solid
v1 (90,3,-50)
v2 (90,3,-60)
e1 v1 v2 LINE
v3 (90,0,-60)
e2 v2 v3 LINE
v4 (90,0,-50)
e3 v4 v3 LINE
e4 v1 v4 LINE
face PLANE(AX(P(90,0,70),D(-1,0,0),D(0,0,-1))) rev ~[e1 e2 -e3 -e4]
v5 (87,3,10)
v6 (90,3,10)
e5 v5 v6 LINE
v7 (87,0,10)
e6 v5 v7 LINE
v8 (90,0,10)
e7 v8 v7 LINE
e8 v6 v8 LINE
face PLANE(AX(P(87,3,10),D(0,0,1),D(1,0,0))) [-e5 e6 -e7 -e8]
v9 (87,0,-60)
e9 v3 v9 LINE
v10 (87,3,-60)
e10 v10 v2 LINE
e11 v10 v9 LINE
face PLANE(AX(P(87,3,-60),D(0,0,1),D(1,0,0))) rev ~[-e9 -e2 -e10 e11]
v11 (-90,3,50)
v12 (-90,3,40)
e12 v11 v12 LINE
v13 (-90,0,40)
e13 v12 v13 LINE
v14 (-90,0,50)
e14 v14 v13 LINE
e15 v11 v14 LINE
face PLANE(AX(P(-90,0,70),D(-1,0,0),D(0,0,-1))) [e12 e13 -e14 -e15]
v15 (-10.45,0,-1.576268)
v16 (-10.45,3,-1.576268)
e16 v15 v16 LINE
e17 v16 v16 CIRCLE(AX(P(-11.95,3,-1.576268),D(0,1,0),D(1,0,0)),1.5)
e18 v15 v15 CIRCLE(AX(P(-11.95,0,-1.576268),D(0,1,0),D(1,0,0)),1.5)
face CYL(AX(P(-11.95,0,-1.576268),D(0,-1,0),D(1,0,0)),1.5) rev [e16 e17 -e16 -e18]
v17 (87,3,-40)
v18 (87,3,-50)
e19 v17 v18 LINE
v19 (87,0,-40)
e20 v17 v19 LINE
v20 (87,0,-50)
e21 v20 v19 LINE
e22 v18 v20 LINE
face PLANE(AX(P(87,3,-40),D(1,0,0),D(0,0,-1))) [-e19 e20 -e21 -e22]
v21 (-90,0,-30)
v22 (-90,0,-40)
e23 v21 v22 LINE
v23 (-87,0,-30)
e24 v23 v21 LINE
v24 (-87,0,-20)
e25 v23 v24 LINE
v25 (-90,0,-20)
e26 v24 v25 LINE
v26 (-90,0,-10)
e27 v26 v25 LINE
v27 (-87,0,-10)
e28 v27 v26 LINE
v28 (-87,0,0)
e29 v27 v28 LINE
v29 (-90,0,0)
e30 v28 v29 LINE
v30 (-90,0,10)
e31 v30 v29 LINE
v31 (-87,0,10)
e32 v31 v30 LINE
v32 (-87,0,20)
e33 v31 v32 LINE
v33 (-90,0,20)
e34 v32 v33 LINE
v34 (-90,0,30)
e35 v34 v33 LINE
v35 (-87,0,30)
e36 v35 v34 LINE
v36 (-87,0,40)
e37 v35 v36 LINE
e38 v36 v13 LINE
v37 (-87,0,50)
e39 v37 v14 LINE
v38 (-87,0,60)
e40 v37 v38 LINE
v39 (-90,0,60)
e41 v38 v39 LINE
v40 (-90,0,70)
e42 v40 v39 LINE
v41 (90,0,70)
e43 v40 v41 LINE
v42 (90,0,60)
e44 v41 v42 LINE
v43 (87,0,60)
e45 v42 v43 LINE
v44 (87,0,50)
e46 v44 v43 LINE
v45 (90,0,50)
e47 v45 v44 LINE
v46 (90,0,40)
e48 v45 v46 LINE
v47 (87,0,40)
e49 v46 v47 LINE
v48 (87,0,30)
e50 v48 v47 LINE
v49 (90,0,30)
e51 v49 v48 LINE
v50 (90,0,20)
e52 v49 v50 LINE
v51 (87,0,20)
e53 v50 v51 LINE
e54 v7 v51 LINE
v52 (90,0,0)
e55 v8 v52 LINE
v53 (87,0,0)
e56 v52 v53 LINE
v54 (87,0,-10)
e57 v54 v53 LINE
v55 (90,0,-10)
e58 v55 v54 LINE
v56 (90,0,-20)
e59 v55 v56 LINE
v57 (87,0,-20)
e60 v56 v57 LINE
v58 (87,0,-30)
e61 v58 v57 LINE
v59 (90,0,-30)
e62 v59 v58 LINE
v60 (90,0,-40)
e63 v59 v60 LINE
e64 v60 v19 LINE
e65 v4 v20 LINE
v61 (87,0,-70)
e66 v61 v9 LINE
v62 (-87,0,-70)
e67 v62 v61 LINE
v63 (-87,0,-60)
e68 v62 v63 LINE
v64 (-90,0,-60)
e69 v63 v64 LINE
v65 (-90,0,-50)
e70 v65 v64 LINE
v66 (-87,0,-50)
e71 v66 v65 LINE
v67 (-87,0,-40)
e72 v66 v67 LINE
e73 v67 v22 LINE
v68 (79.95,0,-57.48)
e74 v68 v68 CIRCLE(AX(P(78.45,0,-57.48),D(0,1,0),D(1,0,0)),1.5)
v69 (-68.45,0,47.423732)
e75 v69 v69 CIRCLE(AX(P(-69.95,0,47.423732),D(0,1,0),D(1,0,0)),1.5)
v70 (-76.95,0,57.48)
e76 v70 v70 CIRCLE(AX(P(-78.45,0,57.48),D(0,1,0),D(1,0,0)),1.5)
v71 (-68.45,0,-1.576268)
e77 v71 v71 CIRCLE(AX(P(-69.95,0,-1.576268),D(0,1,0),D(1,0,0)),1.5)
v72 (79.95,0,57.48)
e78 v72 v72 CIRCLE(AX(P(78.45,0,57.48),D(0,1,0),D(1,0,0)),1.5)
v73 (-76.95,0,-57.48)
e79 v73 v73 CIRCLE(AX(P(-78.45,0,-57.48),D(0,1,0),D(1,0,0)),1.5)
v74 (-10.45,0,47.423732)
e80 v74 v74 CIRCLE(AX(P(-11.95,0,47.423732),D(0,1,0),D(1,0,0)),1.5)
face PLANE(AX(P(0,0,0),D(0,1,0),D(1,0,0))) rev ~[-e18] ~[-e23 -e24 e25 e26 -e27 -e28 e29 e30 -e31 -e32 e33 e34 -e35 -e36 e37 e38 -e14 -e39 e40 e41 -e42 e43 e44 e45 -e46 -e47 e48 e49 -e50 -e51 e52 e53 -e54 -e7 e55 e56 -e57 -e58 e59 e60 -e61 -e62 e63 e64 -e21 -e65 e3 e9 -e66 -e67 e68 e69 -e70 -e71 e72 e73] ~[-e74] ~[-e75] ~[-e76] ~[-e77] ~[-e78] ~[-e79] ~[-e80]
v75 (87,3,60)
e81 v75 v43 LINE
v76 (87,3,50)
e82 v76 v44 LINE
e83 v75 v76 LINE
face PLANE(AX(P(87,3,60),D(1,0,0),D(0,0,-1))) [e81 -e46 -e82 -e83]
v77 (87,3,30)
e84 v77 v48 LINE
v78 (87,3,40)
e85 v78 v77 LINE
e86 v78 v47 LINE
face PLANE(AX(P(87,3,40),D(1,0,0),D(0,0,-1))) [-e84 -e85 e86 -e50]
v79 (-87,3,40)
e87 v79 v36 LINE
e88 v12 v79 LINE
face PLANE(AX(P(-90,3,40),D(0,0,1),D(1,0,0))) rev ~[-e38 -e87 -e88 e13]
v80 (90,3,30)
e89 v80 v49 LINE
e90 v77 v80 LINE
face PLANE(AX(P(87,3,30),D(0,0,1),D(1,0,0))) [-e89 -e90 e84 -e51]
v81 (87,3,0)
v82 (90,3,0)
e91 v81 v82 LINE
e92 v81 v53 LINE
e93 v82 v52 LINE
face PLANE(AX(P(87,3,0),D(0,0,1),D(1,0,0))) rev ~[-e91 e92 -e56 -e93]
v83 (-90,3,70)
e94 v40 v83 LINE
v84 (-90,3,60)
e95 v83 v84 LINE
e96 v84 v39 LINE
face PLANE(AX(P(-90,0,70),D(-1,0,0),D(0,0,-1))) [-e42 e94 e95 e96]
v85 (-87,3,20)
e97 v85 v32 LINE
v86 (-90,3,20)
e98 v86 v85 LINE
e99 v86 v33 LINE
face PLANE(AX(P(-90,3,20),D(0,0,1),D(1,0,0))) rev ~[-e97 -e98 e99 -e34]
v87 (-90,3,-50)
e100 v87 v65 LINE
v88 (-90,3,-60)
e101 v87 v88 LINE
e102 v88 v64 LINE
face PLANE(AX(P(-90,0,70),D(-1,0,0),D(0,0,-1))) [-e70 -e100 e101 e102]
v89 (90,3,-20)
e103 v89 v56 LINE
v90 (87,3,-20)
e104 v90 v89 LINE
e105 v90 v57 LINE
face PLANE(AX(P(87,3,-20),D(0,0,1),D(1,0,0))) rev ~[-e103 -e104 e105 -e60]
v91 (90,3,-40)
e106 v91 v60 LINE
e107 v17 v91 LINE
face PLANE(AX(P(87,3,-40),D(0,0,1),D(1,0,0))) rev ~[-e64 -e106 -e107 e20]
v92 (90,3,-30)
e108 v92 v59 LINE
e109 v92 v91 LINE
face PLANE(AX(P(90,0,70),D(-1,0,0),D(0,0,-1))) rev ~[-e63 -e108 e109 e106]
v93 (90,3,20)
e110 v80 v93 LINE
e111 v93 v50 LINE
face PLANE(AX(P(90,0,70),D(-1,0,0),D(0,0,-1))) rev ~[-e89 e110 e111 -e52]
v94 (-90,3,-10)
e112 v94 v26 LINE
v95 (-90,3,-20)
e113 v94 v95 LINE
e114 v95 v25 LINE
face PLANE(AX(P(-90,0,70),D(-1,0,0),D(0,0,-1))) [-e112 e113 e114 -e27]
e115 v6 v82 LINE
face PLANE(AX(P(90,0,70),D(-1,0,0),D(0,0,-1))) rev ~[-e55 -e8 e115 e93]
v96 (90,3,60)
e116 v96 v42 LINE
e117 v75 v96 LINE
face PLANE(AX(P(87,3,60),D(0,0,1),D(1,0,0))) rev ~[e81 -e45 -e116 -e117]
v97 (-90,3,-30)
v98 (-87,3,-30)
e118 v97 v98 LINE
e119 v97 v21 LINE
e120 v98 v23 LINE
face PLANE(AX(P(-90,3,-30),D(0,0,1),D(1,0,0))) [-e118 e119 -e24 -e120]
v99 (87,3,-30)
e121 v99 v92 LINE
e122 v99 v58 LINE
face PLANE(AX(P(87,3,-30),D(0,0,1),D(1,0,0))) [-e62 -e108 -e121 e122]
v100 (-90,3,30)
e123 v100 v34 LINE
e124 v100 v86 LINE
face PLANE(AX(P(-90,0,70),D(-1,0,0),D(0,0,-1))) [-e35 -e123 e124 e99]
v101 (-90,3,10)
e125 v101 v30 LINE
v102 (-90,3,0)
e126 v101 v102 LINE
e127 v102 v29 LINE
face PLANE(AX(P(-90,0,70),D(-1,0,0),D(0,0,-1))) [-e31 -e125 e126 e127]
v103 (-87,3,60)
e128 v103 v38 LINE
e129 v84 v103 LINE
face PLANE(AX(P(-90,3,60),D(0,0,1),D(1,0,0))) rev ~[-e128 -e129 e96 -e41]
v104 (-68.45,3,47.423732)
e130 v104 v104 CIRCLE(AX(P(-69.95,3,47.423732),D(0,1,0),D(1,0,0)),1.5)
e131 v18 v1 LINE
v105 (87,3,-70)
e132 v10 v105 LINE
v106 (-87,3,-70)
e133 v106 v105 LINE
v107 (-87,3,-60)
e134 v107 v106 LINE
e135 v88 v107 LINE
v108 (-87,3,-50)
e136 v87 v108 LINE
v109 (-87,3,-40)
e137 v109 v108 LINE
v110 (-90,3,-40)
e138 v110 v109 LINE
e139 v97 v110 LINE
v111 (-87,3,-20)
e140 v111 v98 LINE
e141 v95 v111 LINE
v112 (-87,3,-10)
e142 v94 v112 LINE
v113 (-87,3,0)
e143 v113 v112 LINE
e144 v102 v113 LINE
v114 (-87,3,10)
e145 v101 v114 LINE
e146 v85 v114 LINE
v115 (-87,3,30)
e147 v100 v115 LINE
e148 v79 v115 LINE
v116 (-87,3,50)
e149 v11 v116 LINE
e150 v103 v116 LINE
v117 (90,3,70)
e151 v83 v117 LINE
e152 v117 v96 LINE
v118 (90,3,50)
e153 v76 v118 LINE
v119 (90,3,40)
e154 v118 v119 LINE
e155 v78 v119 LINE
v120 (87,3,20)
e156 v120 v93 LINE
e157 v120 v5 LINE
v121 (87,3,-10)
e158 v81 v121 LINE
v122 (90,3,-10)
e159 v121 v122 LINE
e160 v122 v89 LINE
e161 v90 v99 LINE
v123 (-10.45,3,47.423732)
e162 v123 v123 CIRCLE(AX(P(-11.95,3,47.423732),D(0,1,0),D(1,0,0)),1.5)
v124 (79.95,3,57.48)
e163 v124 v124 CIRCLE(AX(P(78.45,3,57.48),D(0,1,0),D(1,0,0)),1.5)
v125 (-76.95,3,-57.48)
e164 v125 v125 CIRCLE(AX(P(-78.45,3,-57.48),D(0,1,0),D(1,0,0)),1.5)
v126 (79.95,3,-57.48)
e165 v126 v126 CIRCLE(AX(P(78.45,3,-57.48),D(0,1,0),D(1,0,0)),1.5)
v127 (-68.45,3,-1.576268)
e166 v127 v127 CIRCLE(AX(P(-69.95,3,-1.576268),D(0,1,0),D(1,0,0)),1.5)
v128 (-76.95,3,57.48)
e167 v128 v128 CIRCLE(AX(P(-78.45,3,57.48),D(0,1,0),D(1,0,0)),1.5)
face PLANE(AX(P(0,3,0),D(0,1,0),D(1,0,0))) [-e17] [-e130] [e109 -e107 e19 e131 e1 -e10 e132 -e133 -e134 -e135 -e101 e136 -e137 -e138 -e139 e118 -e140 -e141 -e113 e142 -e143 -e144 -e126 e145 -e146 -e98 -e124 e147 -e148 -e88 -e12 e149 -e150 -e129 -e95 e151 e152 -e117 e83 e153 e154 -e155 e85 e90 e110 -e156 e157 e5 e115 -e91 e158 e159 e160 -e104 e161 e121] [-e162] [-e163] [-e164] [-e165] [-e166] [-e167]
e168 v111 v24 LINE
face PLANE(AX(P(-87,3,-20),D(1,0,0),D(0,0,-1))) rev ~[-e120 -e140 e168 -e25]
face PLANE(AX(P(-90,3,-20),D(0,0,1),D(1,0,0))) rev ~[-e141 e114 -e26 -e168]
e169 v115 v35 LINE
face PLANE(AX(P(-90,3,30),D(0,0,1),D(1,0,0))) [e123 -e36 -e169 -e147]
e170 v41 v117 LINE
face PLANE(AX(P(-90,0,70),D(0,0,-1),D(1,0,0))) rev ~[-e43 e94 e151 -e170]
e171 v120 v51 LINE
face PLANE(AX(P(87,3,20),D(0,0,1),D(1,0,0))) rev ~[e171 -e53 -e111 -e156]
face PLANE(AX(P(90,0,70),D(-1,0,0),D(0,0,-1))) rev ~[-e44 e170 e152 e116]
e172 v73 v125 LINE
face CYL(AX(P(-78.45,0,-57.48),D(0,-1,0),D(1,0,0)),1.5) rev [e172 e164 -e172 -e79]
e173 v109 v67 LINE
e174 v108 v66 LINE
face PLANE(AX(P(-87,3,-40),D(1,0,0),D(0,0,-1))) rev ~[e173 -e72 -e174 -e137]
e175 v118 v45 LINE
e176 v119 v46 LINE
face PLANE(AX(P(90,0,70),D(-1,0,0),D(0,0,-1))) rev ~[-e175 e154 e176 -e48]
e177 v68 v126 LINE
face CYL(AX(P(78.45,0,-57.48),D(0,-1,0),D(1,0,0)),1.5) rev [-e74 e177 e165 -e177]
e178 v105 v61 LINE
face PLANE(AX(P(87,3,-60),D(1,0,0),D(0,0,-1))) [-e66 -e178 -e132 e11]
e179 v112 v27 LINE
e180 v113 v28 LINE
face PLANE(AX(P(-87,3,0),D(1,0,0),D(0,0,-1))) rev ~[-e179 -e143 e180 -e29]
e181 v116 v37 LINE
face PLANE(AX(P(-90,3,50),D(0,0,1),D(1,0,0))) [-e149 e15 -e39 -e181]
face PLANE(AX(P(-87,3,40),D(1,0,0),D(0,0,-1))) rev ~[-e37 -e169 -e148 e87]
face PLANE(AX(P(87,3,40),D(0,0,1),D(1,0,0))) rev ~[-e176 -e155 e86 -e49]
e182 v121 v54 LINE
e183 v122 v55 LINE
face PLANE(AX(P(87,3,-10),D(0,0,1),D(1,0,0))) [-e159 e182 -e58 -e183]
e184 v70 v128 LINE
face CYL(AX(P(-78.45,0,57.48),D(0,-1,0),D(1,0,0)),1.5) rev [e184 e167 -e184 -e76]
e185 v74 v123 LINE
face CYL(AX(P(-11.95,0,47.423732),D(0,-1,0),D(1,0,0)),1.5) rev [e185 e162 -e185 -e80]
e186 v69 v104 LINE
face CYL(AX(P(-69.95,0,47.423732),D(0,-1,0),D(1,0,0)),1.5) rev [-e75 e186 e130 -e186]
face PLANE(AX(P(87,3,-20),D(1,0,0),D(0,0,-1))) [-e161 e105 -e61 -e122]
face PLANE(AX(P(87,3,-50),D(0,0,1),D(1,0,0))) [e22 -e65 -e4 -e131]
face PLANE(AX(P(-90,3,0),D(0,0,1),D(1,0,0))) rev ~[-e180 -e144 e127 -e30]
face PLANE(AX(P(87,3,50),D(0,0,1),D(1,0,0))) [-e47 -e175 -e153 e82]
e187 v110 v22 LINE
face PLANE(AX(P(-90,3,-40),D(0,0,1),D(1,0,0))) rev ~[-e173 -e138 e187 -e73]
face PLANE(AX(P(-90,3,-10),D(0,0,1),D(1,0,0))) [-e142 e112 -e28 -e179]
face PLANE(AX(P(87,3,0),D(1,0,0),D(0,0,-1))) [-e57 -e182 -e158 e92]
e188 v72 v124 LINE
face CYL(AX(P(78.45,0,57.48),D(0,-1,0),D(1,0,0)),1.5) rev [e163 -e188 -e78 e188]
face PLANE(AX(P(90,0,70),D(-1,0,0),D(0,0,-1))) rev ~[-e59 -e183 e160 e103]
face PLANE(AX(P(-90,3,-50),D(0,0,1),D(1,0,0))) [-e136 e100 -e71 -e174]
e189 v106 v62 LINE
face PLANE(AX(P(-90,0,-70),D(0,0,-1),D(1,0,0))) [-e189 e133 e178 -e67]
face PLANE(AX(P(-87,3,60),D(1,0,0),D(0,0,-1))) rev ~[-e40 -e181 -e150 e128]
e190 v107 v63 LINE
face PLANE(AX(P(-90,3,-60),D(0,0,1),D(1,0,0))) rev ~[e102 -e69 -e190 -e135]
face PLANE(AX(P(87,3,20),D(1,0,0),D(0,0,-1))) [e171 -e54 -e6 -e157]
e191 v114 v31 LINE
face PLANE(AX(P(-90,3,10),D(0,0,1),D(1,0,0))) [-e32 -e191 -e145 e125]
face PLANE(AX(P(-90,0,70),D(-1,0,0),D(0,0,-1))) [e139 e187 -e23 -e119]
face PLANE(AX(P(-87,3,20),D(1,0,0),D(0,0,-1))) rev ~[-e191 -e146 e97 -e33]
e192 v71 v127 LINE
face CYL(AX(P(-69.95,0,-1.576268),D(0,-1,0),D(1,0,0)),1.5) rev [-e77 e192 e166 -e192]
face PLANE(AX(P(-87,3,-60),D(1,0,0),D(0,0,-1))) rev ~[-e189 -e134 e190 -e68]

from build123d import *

# Parameters (mm, degrees)
ESQUISSE1_W             = 180
ESQUISSE1_H             = 140
ESQUISSE1_R             = 1.5
BOSS_EXTRU_1_DEPTH      = 3
ENL_V_MAT_EXTRU_1_REACH = 5
ESQUISSE2_W             = 3
ESQUISSE2_H             = 10


with BuildPart() as part:
    # Esquisse1 → Boss.-Extru.1 (new body)
    with BuildSketch(Plane(origin=(0, 0, 0), x_dir=(1, 0, 0), z_dir=(0, 1, 0))):
        Rectangle(ESQUISSE1_W, ESQUISSE1_H)
        with Locations((-78.45, 57.48)):
            Circle(ESQUISSE1_R, mode=Mode.SUBTRACT)
        with Locations((78.45, 57.48)):
            Circle(ESQUISSE1_R, mode=Mode.SUBTRACT)
        with Locations((78.45, -57.48)):
            Circle(ESQUISSE1_R, mode=Mode.SUBTRACT)
        with Locations((-78.45, -57.48)):
            Circle(ESQUISSE1_R, mode=Mode.SUBTRACT)
        with Locations((-69.95, 1.57626837)):
            Circle(ESQUISSE1_R, mode=Mode.SUBTRACT)
        with Locations((-11.95, 1.57626837)):
            Circle(ESQUISSE1_R, mode=Mode.SUBTRACT)
        with Locations((-69.95, -47.42373163)):
            Circle(ESQUISSE1_R, mode=Mode.SUBTRACT)
        with Locations((-11.95, -47.42373163)):
            Circle(ESQUISSE1_R, mode=Mode.SUBTRACT)
    extrude(amount=BOSS_EXTRU_1_DEPTH)

    # Esquisse2 → Enlèv. mat.-Extru.1 (cut, up to next)
    with BuildSketch(Plane(origin=(0, 3, 0), x_dir=(1, 0, 0), z_dir=(0, 1, 0)), mode=Mode.PRIVATE) as enl_v_mat_extru_1_sk1:
        with Locations((-88.5, 45)):
            Rectangle(ESQUISSE2_W, ESQUISSE2_H)
    enl_v_mat_extru_1_tool1 = extrude(enl_v_mat_extru_1_sk1.sketch, amount=-ENL_V_MAT_EXTRU_1_REACH, mode=Mode.PRIVATE) & part.part
    add(enl_v_mat_extru_1_tool1.solids().sort_by_distance((-88.5, 3, -45))[0], mode=Mode.SUBTRACT)
    # Esquisse2 → Enlèv. mat.-Extru.1 (cut, up to next)
    with BuildSketch(Plane(origin=(0, 3, 0), x_dir=(1, 0, 0), z_dir=(0, 1, 0)), mode=Mode.PRIVATE) as enl_v_mat_extru_1_sk2:
        with Locations((-88.5, 65)):
            Rectangle(ESQUISSE2_W, ESQUISSE2_H)
    enl_v_mat_extru_1_tool2 = extrude(enl_v_mat_extru_1_sk2.sketch, amount=-ENL_V_MAT_EXTRU_1_REACH, mode=Mode.PRIVATE) & part.part
    add(enl_v_mat_extru_1_tool2.solids().sort_by_distance((-88.5, 3, -65))[0], mode=Mode.SUBTRACT)
    # Esquisse2 → Enlèv. mat.-Extru.1 (cut, up to next)
    with BuildSketch(Plane(origin=(0, 3, 0), x_dir=(1, 0, 0), z_dir=(0, 1, 0)), mode=Mode.PRIVATE) as enl_v_mat_extru_1_sk3:
        with Locations((-88.5, 25)):
            Rectangle(ESQUISSE2_W, ESQUISSE2_H)
    enl_v_mat_extru_1_tool3 = extrude(enl_v_mat_extru_1_sk3.sketch, amount=-ENL_V_MAT_EXTRU_1_REACH, mode=Mode.PRIVATE) & part.part
    add(enl_v_mat_extru_1_tool3.solids().sort_by_distance((-88.5, 3, -25))[0], mode=Mode.SUBTRACT)
    # Esquisse2 → Enlèv. mat.-Extru.1 (cut, up to next)
    with BuildSketch(Plane(origin=(0, 3, 0), x_dir=(1, 0, 0), z_dir=(0, 1, 0)), mode=Mode.PRIVATE) as enl_v_mat_extru_1_sk4:
        with Locations((-88.5, 5)):
            Rectangle(ESQUISSE2_W, ESQUISSE2_H)
    enl_v_mat_extru_1_tool4 = extrude(enl_v_mat_extru_1_sk4.sketch, amount=-ENL_V_MAT_EXTRU_1_REACH, mode=Mode.PRIVATE) & part.part
    add(enl_v_mat_extru_1_tool4.solids().sort_by_distance((-88.5, 3, -5))[0], mode=Mode.SUBTRACT)
    # Esquisse2 → Enlèv. mat.-Extru.1 (cut, up to next)
    with BuildSketch(Plane(origin=(0, 3, 0), x_dir=(1, 0, 0), z_dir=(0, 1, 0)), mode=Mode.PRIVATE) as enl_v_mat_extru_1_sk5:
        with Locations((-88.5, -15)):
            Rectangle(ESQUISSE2_W, ESQUISSE2_H)
    enl_v_mat_extru_1_tool5 = extrude(enl_v_mat_extru_1_sk5.sketch, amount=-ENL_V_MAT_EXTRU_1_REACH, mode=Mode.PRIVATE) & part.part
    add(enl_v_mat_extru_1_tool5.solids().sort_by_distance((-88.5, 3, 15))[0], mode=Mode.SUBTRACT)
    # Esquisse2 → Enlèv. mat.-Extru.1 (cut, up to next)
    with BuildSketch(Plane(origin=(0, 3, 0), x_dir=(1, 0, 0), z_dir=(0, 1, 0)), mode=Mode.PRIVATE) as enl_v_mat_extru_1_sk6:
        with Locations((-88.5, -35)):
            Rectangle(ESQUISSE2_W, ESQUISSE2_H)
    enl_v_mat_extru_1_tool6 = extrude(enl_v_mat_extru_1_sk6.sketch, amount=-ENL_V_MAT_EXTRU_1_REACH, mode=Mode.PRIVATE) & part.part
    add(enl_v_mat_extru_1_tool6.solids().sort_by_distance((-88.5, 3, 35))[0], mode=Mode.SUBTRACT)
    # Esquisse2 → Enlèv. mat.-Extru.1 (cut, up to next)
    with BuildSketch(Plane(origin=(0, 3, 0), x_dir=(1, 0, 0), z_dir=(0, 1, 0)), mode=Mode.PRIVATE) as enl_v_mat_extru_1_sk7:
        with Locations((-88.5, -55)):
            Rectangle(ESQUISSE2_W, ESQUISSE2_H)
    enl_v_mat_extru_1_tool7 = extrude(enl_v_mat_extru_1_sk7.sketch, amount=-ENL_V_MAT_EXTRU_1_REACH, mode=Mode.PRIVATE) & part.part
    add(enl_v_mat_extru_1_tool7.solids().sort_by_distance((-88.5, 3, 55))[0], mode=Mode.SUBTRACT)
    # Esquisse2 → Enlèv. mat.-Extru.1 (cut, up to next)
    with BuildSketch(Plane(origin=(0, 3, 0), x_dir=(1, 0, 0), z_dir=(0, 1, 0)), mode=Mode.PRIVATE) as enl_v_mat_extru_1_sk8:
        with Locations((88.5, -55)):
            Rectangle(ESQUISSE2_W, ESQUISSE2_H)
    enl_v_mat_extru_1_tool8 = extrude(enl_v_mat_extru_1_sk8.sketch, amount=-ENL_V_MAT_EXTRU_1_REACH, mode=Mode.PRIVATE) & part.part
    add(enl_v_mat_extru_1_tool8.solids().sort_by_distance((88.5, 3, 55))[0], mode=Mode.SUBTRACT)
    # Esquisse2 → Enlèv. mat.-Extru.1 (cut, up to next)
    with BuildSketch(Plane(origin=(0, 3, 0), x_dir=(1, 0, 0), z_dir=(0, 1, 0)), mode=Mode.PRIVATE) as enl_v_mat_extru_1_sk9:
        with Locations((88.5, -35)):
            Rectangle(ESQUISSE2_W, ESQUISSE2_H)
    enl_v_mat_extru_1_tool9 = extrude(enl_v_mat_extru_1_sk9.sketch, amount=-ENL_V_MAT_EXTRU_1_REACH, mode=Mode.PRIVATE) & part.part
    add(enl_v_mat_extru_1_tool9.solids().sort_by_distance((88.5, 3, 35))[0], mode=Mode.SUBTRACT)
    # Esquisse2 → Enlèv. mat.-Extru.1 (cut, up to next)
    with BuildSketch(Plane(origin=(0, 3, 0), x_dir=(1, 0, 0), z_dir=(0, 1, 0)), mode=Mode.PRIVATE) as enl_v_mat_extru_1_sk10:
        with Locations((88.5, -15)):
            Rectangle(ESQUISSE2_W, ESQUISSE2_H)
    enl_v_mat_extru_1_tool10 = extrude(enl_v_mat_extru_1_sk10.sketch, amount=-ENL_V_MAT_EXTRU_1_REACH, mode=Mode.PRIVATE) & part.part
    add(enl_v_mat_extru_1_tool10.solids().sort_by_distance((88.5, 3, 15))[0], mode=Mode.SUBTRACT)
    # Esquisse2 → Enlèv. mat.-Extru.1 (cut, up to next)
    with BuildSketch(Plane(origin=(0, 3, 0), x_dir=(1, 0, 0), z_dir=(0, 1, 0)), mode=Mode.PRIVATE) as enl_v_mat_extru_1_sk11:
        with Locations((88.5, 5)):
            Rectangle(ESQUISSE2_W, ESQUISSE2_H)
    enl_v_mat_extru_1_tool11 = extrude(enl_v_mat_extru_1_sk11.sketch, amount=-ENL_V_MAT_EXTRU_1_REACH, mode=Mode.PRIVATE) & part.part
    add(enl_v_mat_extru_1_tool11.solids().sort_by_distance((88.5, 3, -5))[0], mode=Mode.SUBTRACT)
    # Esquisse2 → Enlèv. mat.-Extru.1 (cut, up to next)
    with BuildSketch(Plane(origin=(0, 3, 0), x_dir=(1, 0, 0), z_dir=(0, 1, 0)), mode=Mode.PRIVATE) as enl_v_mat_extru_1_sk12:
        with Locations((88.5, 25)):
            Rectangle(ESQUISSE2_W, ESQUISSE2_H)
    enl_v_mat_extru_1_tool12 = extrude(enl_v_mat_extru_1_sk12.sketch, amount=-ENL_V_MAT_EXTRU_1_REACH, mode=Mode.PRIVATE) & part.part
    add(enl_v_mat_extru_1_tool12.solids().sort_by_distance((88.5, 3, -25))[0], mode=Mode.SUBTRACT)
    # Esquisse2 → Enlèv. mat.-Extru.1 (cut, up to next)
    with BuildSketch(Plane(origin=(0, 3, 0), x_dir=(1, 0, 0), z_dir=(0, 1, 0)), mode=Mode.PRIVATE) as enl_v_mat_extru_1_sk13:
        with Locations((88.5, 45)):
            Rectangle(ESQUISSE2_W, ESQUISSE2_H)
    enl_v_mat_extru_1_tool13 = extrude(enl_v_mat_extru_1_sk13.sketch, amount=-ENL_V_MAT_EXTRU_1_REACH, mode=Mode.PRIVATE) & part.part
    add(enl_v_mat_extru_1_tool13.solids().sort_by_distance((88.5, 3, -45))[0], mode=Mode.SUBTRACT)
    # Esquisse2 → Enlèv. mat.-Extru.1 (cut, up to next)
    with BuildSketch(Plane(origin=(0, 3, 0), x_dir=(1, 0, 0), z_dir=(0, 1, 0)), mode=Mode.PRIVATE) as enl_v_mat_extru_1_sk14:
        with Locations((88.5, 65)):
            Rectangle(ESQUISSE2_W, ESQUISSE2_H)
    enl_v_mat_extru_1_tool14 = extrude(enl_v_mat_extru_1_sk14.sketch, amount=-ENL_V_MAT_EXTRU_1_REACH, mode=Mode.PRIVATE) & part.part
    add(enl_v_mat_extru_1_tool14.solids().sort_by_distance((88.5, 3, -65))[0], mode=Mode.SUBTRACT)


solid = part.part
